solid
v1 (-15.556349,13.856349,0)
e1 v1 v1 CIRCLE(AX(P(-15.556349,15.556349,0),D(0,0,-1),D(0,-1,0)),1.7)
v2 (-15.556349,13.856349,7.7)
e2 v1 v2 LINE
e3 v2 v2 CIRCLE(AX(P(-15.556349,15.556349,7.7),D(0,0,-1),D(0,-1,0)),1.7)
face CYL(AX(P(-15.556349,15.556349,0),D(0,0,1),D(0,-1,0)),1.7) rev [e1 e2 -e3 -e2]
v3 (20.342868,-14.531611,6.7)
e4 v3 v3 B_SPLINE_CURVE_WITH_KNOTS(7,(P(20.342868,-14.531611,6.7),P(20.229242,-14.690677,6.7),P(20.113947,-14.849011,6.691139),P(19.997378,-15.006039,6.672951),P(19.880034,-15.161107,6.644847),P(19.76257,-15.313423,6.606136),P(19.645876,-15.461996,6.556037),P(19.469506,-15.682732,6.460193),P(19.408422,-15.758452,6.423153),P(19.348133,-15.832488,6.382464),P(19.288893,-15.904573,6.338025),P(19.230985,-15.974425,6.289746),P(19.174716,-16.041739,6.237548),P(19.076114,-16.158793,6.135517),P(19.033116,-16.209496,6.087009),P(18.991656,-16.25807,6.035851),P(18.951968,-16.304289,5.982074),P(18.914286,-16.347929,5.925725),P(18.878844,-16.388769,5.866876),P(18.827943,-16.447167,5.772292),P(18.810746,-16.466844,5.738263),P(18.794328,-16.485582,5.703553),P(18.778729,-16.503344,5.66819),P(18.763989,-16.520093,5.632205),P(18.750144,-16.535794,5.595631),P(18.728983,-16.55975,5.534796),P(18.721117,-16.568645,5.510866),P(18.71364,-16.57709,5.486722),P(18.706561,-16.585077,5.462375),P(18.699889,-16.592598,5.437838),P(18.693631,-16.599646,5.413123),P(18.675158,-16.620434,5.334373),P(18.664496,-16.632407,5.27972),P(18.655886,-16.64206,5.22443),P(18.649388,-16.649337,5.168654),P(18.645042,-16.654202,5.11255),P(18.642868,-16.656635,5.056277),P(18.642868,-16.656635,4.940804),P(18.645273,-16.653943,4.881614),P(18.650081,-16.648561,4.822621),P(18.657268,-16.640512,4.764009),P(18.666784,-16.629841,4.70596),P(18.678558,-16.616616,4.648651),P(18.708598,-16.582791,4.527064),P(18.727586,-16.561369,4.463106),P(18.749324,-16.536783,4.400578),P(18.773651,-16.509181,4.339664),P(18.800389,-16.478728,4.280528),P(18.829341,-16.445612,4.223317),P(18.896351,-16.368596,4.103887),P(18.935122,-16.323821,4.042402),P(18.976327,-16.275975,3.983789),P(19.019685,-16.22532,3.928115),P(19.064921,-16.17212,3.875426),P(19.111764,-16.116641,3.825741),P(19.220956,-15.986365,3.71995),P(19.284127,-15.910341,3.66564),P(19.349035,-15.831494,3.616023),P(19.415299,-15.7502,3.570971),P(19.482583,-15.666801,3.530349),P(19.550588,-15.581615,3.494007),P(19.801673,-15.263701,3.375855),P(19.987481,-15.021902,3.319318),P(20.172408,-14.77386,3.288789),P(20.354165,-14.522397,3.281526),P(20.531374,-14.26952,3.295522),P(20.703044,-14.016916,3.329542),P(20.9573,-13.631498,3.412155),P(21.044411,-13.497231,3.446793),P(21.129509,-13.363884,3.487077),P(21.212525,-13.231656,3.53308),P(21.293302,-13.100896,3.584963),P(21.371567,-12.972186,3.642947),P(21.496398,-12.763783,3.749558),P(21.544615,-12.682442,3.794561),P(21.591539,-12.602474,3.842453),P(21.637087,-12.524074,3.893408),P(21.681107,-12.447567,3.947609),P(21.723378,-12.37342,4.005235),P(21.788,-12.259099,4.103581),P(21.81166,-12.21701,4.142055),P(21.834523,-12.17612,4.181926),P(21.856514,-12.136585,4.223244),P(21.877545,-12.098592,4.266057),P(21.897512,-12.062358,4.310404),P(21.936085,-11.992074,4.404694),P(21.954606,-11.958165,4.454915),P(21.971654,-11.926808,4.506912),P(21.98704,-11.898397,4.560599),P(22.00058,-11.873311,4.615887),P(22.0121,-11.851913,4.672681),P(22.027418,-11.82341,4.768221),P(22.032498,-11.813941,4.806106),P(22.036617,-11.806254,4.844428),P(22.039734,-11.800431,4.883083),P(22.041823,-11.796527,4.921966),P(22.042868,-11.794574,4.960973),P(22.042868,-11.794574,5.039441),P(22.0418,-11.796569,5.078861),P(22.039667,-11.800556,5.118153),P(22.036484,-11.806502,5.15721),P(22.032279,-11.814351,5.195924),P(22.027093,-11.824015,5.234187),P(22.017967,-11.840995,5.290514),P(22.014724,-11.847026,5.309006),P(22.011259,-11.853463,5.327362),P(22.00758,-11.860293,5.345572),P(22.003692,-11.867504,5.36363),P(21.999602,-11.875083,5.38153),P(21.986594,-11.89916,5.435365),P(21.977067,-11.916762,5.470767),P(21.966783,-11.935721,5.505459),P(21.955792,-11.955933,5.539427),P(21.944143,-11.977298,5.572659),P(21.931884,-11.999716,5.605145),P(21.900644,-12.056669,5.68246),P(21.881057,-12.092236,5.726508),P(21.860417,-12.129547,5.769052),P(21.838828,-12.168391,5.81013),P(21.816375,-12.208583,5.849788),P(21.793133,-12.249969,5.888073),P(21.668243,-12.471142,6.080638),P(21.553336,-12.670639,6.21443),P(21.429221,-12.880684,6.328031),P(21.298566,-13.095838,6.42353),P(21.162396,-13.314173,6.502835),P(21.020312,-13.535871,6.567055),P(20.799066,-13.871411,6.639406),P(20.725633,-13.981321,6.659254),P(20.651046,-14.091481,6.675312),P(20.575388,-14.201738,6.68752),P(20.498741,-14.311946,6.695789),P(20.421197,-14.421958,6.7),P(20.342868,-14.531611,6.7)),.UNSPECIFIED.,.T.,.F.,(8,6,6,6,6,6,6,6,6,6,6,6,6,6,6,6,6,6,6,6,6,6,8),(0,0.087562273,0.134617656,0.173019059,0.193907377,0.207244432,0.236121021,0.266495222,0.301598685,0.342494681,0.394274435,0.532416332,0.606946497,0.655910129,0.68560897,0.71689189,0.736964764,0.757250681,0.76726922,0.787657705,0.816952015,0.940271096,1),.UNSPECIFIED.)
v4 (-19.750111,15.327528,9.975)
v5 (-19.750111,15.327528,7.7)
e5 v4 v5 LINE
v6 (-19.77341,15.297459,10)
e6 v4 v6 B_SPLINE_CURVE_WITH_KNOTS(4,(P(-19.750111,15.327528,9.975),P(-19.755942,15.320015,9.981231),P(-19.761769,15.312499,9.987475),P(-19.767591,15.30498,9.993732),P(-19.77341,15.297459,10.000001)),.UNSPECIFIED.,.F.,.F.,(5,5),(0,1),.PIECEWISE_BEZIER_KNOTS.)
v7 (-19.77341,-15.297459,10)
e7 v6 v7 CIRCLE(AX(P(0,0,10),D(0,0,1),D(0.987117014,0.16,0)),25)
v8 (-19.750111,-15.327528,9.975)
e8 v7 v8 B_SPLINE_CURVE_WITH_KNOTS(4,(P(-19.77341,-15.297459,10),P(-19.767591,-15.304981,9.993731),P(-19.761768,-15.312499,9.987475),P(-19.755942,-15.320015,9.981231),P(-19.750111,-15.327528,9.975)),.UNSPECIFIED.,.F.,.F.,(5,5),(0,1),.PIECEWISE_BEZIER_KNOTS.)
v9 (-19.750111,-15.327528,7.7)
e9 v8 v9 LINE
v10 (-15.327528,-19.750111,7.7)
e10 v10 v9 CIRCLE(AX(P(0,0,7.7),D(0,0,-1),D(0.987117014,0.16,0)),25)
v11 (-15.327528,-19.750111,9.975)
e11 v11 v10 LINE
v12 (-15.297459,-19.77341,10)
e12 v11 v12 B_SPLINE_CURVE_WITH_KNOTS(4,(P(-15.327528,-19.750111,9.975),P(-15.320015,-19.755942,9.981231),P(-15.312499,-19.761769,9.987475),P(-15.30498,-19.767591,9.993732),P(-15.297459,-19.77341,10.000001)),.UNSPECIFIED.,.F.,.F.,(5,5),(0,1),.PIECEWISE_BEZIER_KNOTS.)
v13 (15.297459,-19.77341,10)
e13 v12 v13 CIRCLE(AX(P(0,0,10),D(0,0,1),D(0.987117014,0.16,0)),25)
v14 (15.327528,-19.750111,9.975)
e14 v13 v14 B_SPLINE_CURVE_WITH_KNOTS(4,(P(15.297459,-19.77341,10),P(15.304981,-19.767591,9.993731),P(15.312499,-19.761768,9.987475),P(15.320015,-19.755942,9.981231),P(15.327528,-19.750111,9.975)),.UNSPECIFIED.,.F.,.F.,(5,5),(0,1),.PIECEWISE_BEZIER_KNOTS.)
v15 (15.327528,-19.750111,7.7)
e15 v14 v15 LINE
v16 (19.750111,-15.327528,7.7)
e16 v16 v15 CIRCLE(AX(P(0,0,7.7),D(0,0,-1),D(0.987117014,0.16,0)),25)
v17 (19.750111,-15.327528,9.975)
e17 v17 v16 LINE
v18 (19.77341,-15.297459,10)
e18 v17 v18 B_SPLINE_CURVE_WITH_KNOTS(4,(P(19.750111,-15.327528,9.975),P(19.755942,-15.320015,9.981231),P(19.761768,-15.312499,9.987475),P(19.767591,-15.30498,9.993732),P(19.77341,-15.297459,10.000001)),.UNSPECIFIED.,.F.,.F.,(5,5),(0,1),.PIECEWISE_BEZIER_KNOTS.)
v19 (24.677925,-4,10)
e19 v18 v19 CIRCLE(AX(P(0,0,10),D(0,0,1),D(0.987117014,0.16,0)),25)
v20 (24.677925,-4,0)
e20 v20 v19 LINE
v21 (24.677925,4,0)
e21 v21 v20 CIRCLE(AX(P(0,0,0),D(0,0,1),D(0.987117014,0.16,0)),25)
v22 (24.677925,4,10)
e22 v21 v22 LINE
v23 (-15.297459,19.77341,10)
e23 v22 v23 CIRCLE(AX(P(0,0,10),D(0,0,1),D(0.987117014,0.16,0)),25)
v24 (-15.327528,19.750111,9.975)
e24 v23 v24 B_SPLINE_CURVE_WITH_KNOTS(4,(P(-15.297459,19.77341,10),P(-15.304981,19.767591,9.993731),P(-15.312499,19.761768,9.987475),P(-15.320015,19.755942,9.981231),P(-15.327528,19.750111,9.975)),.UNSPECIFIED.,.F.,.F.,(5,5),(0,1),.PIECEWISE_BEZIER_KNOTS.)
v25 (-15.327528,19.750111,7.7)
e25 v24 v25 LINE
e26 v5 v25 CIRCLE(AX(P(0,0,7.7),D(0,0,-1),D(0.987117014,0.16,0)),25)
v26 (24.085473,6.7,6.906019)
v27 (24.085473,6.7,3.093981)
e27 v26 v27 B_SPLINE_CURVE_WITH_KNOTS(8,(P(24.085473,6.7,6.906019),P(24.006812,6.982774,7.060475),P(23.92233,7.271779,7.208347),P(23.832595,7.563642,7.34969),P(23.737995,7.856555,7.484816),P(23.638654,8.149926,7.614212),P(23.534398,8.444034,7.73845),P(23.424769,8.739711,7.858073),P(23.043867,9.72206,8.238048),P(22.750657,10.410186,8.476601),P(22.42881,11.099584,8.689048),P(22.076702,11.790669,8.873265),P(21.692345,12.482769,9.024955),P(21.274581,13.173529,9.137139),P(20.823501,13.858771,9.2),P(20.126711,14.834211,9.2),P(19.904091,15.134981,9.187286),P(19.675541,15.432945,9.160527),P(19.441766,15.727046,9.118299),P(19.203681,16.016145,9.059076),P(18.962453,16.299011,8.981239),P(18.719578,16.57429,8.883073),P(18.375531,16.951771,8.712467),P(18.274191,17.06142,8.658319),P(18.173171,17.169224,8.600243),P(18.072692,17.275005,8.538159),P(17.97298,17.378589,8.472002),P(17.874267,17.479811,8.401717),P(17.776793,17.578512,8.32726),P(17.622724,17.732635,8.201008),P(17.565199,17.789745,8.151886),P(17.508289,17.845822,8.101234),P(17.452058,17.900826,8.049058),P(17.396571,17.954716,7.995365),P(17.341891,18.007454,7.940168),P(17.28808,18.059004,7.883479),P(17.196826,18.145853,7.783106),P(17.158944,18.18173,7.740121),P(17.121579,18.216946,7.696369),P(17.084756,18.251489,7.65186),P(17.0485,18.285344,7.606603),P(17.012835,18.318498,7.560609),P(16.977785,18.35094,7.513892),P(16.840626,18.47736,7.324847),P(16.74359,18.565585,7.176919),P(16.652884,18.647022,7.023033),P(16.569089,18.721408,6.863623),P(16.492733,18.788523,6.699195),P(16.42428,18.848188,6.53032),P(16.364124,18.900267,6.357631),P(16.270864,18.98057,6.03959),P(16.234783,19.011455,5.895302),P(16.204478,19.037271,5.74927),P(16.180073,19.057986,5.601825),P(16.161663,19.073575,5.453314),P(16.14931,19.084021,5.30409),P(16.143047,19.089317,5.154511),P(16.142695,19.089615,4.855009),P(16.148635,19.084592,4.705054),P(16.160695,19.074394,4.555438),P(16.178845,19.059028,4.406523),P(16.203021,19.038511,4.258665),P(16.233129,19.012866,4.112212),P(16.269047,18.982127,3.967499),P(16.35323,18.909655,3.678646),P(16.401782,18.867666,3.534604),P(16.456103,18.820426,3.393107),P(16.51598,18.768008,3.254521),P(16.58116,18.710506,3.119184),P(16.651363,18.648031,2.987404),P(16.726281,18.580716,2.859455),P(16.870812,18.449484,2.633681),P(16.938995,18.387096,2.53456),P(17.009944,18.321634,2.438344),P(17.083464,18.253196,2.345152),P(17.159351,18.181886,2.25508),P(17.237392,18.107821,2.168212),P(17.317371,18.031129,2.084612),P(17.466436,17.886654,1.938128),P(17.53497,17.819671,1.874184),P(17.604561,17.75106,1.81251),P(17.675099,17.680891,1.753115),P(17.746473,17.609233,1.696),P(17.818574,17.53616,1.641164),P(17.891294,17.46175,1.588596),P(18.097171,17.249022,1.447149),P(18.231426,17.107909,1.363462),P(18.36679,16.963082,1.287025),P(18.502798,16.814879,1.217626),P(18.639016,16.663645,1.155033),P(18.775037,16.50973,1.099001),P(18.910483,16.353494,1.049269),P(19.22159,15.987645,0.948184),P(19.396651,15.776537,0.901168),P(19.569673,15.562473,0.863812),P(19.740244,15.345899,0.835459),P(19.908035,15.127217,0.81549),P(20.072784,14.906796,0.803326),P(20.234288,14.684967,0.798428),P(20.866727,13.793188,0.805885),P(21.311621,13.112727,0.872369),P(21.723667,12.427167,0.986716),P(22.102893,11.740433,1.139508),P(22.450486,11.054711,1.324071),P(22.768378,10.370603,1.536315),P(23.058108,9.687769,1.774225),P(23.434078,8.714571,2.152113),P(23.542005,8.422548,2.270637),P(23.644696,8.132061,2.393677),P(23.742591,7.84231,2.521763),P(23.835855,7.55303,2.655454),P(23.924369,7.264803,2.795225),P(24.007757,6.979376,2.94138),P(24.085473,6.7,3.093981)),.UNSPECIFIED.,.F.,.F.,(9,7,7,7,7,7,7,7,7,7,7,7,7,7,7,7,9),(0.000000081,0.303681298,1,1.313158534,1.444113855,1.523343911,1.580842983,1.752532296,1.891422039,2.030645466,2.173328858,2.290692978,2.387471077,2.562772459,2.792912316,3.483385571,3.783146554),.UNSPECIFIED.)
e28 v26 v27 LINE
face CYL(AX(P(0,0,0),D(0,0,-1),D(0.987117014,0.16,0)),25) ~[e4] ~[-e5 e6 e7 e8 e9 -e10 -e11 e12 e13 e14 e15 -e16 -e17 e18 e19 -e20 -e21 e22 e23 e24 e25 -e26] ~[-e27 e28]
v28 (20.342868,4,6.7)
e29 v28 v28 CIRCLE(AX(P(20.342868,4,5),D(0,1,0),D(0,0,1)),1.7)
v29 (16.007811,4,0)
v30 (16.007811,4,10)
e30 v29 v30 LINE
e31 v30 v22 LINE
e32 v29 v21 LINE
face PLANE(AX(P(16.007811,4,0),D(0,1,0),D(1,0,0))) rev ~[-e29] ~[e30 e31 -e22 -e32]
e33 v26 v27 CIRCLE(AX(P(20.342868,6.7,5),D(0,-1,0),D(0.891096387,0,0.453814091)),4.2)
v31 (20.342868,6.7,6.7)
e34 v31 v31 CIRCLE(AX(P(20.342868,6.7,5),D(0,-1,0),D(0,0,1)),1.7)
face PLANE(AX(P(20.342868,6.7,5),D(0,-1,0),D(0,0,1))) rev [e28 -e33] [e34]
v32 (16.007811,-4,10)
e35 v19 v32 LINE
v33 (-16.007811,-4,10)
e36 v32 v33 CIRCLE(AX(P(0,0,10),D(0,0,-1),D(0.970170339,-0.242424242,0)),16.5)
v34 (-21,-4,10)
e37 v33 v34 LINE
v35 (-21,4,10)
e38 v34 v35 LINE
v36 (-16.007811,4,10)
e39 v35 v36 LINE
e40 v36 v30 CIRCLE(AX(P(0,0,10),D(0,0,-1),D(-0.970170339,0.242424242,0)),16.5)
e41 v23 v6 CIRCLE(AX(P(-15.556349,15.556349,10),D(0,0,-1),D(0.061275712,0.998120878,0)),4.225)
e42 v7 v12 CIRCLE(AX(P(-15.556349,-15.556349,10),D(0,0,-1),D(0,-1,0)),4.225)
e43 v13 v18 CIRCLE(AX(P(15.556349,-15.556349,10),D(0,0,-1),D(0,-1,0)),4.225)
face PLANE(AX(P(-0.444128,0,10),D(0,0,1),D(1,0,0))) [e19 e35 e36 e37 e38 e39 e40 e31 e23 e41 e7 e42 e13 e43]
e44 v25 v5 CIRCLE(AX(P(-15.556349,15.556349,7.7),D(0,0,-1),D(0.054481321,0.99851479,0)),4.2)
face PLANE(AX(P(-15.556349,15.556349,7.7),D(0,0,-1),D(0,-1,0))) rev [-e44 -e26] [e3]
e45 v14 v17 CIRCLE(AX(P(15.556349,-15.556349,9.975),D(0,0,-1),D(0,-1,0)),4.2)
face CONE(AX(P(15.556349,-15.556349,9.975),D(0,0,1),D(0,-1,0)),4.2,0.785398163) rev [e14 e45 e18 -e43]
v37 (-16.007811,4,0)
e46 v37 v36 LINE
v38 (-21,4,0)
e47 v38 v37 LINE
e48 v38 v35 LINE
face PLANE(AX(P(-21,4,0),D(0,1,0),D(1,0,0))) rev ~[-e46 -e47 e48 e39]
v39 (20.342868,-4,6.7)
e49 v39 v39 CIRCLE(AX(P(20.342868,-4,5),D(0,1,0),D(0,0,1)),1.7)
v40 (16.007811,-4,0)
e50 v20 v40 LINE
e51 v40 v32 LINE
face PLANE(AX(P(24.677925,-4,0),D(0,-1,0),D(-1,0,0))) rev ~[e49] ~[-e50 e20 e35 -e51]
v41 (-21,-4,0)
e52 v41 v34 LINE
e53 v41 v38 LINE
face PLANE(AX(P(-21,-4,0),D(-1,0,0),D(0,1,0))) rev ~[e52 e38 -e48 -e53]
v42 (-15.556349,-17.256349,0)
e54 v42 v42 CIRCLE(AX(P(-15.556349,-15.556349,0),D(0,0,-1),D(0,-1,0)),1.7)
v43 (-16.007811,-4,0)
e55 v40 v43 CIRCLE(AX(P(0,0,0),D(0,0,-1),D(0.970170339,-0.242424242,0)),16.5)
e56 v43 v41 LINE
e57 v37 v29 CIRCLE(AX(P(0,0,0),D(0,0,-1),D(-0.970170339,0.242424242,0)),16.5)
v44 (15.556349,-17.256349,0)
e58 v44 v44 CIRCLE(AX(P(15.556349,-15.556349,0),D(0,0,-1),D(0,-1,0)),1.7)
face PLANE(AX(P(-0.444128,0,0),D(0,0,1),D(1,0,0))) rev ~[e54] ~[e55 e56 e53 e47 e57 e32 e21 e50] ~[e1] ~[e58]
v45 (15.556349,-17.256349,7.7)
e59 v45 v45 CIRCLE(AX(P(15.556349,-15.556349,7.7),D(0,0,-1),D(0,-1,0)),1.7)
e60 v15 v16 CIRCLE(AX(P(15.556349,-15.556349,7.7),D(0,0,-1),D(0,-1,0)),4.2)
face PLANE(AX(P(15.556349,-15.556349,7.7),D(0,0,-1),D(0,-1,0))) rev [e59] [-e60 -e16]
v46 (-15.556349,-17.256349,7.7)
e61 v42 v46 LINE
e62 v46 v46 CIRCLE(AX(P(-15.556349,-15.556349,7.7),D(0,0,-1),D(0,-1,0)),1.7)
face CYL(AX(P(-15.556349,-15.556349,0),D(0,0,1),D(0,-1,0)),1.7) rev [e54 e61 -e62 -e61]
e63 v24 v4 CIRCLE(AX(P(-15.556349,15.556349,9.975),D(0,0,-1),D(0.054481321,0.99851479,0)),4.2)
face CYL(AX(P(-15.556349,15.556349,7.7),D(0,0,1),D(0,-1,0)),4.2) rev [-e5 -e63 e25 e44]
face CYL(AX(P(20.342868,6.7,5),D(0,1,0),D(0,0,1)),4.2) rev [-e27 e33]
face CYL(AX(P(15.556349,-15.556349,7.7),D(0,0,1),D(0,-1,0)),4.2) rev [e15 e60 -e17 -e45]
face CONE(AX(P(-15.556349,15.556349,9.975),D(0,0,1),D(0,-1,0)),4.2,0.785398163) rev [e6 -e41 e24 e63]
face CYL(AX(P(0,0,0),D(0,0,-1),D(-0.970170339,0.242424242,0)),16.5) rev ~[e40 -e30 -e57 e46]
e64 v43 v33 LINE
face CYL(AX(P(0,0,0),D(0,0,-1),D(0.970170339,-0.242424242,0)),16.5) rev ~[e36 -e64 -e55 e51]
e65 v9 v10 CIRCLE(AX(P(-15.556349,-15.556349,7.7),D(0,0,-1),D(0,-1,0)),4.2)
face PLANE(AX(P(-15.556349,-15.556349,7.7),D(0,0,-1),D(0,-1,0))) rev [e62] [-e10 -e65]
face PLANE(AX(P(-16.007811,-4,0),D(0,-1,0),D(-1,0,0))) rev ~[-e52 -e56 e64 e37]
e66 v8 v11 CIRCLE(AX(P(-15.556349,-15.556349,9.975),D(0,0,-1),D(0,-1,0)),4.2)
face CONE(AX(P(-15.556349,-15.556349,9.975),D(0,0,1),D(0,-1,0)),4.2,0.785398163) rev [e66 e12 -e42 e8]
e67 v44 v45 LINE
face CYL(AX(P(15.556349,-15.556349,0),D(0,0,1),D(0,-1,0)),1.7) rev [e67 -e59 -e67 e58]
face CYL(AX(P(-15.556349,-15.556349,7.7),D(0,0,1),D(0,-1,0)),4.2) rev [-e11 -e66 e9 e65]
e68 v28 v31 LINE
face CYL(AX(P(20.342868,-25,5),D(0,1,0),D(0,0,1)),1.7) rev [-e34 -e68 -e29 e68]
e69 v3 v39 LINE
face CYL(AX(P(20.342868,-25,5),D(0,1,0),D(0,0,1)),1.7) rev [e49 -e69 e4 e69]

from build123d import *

# Parameters (mm, degrees)
BOSS_EXTRUDE1_DEPTH                           = 10
CBORE_FOR_M3_HEX_HEAD_MACHINE_SCREW3_AT_COUNT = 2
CBORE_FOR_M3_HEX_HEAD_MACHINE_SCREW3_AT_PITCH = 31.112698372
CBORE_FOR_M3_HEX_HEAD_MACHINE_SCREW3_2_COUNT  = 2
CBORE_FOR_M3_HEX_HEAD_MACHINE_SCREW3_2_PITCH  = 44


with BuildPart() as part:
    # Sketch1 → Boss-Extrude1 (new body)
    with BuildSketch(Plane.XY):
        with BuildLine():
            Line((-16.007810594, -4), (-21, -4))
            Line((-21, -4), (-21, 4))
            Line((-21, 4), (-16.007810594, 4))
            ThreePointArc((-16.007810594, 4), (0, 16.5), (16.007810594, 4))
            Line((16.007810594, 4), (24.677925359, 4))
            ThreePointArc((24.677925359, 4), (-25, 0), (24.677925359, -4))
            Line((24.677925359, -4), (16.007810594, -4))
            ThreePointArc((16.007810594, -4), (0, -16.5), (-16.007810594, -4))
        make_face()
    extrude(amount=BOSS_EXTRUDE1_DEPTH)

    # Sketch6 → CBORE for M3 Hex Head Machine Screw2 (revolve, cut)
    with BuildSketch(Plane(origin=(20.342867976, 24, 5), x_dir=(0, 0, 1), z_dir=(1, 0, 0))):
        Polygon((0, 0), (0, 49), (1.7, 49), (1.7, 17.3), (4.2, 17.3), (4.2, 0.025), (4.225, 0), align=None)
    revolve(axis=Axis((20.342867976, 30.35, 5), (0, -1, 0)), mode=Mode.SUBTRACT)

    # Sketch8 → CBORE for M3 Hex Head Machine Screw3 (revolve, cut)
    with BuildSketch(Plane(origin=(-15.556349186, 15.556349186, 10), x_dir=(0, -1, 0), z_dir=(1, 0, 0))):
        Polygon((0, 0), (0, 10), (1.7, 10), (1.7, 2.3), (4.2, 2.3), (4.2, 0.025), (4.225, 0), align=None)
    cbore_for_m3_hex_head_machine_screw3 = revolve(axis=Axis((-15.556349186, 15.556349186, 16.35), (0, 0, -1)), mode=Mode.SUBTRACT)

    # CBORE for M3 Hex Head Machine Screw3 at: CBORE for M3 Hex Head Machine Screw3 ×2
    with Locations(*[(0, -i * CBORE_FOR_M3_HEX_HEAD_MACHINE_SCREW3_AT_PITCH, 0) for i in range(1, CBORE_FOR_M3_HEX_HEAD_MACHINE_SCREW3_AT_COUNT)]):
        add(cbore_for_m3_hex_head_machine_screw3, mode=Mode.SUBTRACT)

    # CBORE for M3 Hex Head Machine Screw3 2: CBORE for M3 Hex Head Machine Screw3 ×2
    with Locations(*[Vector(0.707106781, -0.707106781, 0) * (i * CBORE_FOR_M3_HEX_HEAD_MACHINE_SCREW3_2_PITCH) for i in range(1, CBORE_FOR_M3_HEX_HEAD_MACHINE_SCREW3_2_COUNT)]):
        add(cbore_for_m3_hex_head_machine_screw3, mode=Mode.SUBTRACT)


solid = part.part
